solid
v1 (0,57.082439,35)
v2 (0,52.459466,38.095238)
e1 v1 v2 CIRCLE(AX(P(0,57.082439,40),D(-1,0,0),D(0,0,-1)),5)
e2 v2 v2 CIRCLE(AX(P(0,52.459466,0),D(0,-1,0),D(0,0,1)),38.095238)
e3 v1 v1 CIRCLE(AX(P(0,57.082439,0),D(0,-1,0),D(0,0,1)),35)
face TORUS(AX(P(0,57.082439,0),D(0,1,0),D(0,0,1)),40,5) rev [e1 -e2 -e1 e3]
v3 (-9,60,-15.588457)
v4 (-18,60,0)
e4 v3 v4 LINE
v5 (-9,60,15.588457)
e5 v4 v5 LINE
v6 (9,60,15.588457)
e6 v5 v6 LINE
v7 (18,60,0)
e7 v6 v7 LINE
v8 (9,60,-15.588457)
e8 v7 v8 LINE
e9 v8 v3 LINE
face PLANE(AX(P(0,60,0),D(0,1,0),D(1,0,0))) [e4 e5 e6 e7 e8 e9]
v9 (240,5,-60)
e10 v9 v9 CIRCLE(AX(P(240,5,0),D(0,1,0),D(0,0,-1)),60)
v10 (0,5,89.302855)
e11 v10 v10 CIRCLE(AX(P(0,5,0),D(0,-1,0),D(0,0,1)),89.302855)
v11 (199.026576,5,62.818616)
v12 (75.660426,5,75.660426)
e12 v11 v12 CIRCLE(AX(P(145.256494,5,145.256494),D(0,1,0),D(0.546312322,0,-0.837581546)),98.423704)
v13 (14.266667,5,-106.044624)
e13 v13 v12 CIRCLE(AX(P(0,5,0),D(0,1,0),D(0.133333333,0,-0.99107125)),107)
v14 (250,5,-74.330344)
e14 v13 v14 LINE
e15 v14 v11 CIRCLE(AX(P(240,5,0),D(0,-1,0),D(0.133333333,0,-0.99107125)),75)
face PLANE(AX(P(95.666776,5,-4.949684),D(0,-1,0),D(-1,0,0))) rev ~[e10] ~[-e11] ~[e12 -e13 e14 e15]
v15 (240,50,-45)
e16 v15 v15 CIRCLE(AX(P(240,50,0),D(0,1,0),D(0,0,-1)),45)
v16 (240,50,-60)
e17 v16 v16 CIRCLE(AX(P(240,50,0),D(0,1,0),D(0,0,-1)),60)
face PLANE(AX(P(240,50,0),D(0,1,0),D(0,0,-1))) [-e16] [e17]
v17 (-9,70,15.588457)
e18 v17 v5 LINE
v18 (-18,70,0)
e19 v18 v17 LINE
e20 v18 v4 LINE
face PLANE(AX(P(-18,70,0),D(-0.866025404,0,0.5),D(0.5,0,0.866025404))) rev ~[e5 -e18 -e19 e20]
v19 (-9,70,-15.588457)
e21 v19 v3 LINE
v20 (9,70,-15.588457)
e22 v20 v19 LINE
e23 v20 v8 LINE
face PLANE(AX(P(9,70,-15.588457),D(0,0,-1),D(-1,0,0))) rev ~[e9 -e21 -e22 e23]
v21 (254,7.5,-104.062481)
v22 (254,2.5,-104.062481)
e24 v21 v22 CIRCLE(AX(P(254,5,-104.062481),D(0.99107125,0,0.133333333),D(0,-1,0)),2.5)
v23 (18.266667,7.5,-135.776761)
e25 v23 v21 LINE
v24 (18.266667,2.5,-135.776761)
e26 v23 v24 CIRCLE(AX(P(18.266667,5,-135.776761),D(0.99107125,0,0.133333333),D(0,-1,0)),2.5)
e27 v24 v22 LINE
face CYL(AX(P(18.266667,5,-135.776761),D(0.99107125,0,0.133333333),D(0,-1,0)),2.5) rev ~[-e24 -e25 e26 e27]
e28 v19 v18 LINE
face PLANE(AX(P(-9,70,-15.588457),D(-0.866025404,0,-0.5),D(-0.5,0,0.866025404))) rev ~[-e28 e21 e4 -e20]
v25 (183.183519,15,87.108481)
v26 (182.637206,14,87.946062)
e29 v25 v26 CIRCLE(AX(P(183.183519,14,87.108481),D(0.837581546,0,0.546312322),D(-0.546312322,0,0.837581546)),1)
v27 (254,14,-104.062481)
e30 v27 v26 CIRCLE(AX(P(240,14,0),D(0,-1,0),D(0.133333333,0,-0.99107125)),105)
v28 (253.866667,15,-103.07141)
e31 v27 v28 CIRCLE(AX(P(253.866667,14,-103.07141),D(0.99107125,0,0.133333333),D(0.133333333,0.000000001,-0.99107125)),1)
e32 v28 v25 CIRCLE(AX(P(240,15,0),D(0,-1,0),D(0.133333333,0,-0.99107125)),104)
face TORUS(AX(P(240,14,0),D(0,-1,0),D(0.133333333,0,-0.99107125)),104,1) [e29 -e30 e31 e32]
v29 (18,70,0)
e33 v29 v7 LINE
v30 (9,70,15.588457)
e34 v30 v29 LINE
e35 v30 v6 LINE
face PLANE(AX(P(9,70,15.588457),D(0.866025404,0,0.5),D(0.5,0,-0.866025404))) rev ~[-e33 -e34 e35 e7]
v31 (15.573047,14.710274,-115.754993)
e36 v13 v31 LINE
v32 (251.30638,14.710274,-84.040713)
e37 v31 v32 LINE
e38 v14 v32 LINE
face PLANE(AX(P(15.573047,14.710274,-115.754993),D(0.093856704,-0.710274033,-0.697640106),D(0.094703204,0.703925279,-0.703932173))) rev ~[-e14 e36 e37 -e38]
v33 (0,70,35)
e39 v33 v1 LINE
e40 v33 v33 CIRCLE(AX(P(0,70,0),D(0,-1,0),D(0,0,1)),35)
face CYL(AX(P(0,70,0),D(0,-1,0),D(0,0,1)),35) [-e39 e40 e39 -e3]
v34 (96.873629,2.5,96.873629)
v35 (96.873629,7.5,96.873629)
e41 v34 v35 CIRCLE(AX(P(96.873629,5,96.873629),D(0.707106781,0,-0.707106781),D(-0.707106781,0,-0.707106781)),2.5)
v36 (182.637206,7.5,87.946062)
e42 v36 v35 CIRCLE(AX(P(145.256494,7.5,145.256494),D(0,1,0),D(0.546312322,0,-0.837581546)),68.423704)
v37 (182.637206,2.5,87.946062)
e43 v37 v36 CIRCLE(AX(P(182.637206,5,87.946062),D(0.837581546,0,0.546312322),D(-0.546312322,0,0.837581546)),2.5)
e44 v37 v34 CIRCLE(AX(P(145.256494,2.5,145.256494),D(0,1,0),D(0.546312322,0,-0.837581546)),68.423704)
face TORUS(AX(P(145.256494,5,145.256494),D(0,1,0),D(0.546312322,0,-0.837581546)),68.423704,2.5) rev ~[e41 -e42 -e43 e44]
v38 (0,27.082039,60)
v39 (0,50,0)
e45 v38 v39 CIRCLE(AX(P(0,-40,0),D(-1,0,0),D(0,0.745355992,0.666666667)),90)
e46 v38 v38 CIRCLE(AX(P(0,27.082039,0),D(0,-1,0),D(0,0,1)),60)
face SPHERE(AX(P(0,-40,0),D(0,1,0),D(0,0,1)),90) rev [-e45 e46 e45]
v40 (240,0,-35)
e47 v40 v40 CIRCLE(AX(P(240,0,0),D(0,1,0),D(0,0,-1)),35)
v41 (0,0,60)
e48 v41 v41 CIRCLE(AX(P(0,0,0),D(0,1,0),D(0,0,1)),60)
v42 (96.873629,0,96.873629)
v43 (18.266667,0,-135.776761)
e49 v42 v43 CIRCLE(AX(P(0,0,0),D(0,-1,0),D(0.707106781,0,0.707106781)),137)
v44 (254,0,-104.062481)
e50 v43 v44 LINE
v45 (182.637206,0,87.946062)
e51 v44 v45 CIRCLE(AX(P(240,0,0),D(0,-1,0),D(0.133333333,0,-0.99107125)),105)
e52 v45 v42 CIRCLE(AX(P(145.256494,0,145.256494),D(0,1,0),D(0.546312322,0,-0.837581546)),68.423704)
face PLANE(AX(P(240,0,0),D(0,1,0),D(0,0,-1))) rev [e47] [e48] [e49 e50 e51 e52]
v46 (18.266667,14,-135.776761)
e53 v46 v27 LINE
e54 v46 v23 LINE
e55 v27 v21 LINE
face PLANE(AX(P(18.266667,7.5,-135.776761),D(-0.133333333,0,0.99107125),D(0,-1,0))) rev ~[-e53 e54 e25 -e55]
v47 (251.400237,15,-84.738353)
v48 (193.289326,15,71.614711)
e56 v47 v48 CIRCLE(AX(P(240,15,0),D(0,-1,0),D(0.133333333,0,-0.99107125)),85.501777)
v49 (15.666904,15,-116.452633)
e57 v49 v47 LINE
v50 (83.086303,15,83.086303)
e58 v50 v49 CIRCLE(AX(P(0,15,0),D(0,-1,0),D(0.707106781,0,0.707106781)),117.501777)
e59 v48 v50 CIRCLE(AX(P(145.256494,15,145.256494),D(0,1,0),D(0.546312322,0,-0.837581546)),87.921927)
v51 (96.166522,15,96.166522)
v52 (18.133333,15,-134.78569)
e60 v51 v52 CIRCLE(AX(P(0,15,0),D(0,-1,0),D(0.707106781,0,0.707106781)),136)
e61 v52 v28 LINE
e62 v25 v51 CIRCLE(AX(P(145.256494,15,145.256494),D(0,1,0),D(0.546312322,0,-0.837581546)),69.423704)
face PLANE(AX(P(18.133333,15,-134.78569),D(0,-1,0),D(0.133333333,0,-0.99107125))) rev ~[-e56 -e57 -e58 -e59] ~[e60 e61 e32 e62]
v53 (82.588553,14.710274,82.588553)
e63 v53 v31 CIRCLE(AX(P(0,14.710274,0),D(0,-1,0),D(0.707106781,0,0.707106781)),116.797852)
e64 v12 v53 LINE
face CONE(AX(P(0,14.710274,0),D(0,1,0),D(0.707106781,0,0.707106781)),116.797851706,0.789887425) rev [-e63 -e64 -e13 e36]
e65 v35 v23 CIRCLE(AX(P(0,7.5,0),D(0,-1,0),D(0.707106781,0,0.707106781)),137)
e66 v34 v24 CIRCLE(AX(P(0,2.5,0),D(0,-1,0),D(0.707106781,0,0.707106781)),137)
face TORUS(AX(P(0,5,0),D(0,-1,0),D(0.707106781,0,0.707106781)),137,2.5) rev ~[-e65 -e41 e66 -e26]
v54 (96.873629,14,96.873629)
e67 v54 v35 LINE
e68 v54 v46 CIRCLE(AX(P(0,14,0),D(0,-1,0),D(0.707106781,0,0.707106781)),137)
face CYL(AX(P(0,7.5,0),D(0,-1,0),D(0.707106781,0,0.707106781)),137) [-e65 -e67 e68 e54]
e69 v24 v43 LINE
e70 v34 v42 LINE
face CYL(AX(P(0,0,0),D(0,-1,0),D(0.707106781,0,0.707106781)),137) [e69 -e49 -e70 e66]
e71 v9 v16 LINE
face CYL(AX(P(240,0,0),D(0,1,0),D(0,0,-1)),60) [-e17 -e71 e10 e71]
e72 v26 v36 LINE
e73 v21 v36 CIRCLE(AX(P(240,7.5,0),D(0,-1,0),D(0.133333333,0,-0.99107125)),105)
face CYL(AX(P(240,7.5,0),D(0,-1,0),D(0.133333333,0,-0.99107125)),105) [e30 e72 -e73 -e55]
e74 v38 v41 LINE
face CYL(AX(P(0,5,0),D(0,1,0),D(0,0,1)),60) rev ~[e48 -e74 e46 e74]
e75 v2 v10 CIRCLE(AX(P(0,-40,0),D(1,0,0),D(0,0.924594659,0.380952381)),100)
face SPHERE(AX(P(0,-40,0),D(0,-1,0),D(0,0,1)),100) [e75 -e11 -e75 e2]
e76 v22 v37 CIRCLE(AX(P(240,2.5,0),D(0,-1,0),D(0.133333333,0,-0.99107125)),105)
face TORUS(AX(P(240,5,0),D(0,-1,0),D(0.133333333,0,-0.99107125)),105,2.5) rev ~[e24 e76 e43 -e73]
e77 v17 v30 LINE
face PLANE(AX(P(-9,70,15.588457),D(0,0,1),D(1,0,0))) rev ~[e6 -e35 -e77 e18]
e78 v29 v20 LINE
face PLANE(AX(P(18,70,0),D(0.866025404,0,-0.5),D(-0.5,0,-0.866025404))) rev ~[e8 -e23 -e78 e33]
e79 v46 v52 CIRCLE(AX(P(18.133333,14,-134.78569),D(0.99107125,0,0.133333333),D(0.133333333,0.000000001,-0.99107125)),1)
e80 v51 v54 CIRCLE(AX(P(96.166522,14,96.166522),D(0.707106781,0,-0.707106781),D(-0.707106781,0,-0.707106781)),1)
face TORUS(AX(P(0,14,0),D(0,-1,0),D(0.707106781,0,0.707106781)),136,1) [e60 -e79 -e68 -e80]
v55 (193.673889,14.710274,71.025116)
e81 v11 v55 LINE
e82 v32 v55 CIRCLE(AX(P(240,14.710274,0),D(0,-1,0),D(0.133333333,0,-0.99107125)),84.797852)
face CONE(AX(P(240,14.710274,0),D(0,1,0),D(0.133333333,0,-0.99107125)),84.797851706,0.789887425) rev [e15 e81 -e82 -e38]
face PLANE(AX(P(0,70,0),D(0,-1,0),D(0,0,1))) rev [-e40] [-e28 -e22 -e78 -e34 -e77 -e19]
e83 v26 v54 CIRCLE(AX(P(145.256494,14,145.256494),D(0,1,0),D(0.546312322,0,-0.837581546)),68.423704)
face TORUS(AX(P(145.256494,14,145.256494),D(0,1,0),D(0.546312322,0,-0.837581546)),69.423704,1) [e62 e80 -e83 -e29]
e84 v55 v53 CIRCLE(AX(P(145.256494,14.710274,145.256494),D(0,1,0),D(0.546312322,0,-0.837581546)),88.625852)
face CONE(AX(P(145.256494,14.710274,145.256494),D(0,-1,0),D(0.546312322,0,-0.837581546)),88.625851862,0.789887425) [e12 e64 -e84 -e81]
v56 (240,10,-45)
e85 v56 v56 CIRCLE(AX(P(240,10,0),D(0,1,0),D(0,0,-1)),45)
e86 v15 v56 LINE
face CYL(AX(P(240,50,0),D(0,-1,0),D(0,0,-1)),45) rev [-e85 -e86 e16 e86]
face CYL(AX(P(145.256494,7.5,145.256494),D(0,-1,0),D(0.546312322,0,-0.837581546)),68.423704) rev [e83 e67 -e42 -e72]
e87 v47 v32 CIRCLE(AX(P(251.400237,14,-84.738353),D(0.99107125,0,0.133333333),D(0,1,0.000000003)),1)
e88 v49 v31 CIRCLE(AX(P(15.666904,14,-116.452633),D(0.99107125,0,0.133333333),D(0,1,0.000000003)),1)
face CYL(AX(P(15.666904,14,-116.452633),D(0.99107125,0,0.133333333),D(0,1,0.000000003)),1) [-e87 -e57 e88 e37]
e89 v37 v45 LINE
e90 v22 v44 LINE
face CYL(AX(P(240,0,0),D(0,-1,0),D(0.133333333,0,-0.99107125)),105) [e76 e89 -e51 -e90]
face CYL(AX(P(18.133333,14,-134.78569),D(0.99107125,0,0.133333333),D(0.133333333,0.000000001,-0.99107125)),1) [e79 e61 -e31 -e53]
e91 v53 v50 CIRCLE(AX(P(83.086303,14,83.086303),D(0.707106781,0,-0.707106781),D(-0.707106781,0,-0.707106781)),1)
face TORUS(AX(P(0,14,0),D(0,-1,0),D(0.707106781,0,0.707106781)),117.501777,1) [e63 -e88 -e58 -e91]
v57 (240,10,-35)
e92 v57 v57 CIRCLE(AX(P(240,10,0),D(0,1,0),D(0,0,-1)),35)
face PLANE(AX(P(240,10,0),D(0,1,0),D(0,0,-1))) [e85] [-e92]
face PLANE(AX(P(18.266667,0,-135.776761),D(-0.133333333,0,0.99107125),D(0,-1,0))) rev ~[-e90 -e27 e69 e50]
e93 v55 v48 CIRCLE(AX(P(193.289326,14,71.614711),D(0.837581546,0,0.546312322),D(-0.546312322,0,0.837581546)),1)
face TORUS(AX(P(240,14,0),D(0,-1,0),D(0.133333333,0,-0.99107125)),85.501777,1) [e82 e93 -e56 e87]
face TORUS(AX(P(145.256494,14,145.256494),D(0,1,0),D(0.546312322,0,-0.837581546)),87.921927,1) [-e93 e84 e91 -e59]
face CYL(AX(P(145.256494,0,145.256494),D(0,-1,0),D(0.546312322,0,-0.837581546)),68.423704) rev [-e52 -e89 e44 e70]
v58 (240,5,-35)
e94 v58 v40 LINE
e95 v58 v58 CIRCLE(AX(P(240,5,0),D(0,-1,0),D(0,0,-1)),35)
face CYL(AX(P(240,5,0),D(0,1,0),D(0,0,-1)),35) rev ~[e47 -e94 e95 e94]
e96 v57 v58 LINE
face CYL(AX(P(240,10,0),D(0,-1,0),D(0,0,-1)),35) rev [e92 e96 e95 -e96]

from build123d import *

# Parameters (mm, degrees)
BOSS_EXTRUDE1_START = 5
BOSS_EXTRUDE1_DEPTH = 5
CUT_EXTRUDE1_REACH  = 378.854
SKETCH5_R           = 60
CUT_EXTRUDE2_DEPTH  = 10
SKETCH10_R          = 35
CUT_EXTRUDE3_DEPTH  = 377.854083295


with BuildPart() as part:
    # Sweep1: sweep along a path in Sketch1
    with BuildLine(Plane(origin=(0, 0, 0), x_dir=(1, 0, 0), z_dir=(0, 1, 0))) as sweep1_path:
        Line((18.266666667, 135.776761226), (254, 104.062481231))
        ThreePointArc((254, 104.062481231), (338.422066507, -36.580005802), (182.637206187, -87.946062367))
        ThreePointArc((182.637206187, -87.946062367), (138.172201254, -77.200516784), (96.873629023, -96.873629023))
        ThreePointArc((96.873629023, -96.873629023), (-129.791652056, -43.853472571), (18.266666667, 135.776761226))
    # Sketch2 → Sweep1 (sweep)
    with BuildSketch(Plane.XY):
        with BuildLine():
            Line((-136, 15), (-117.501776985, 15))
            ThreePointArc((-117.501776985, 15), (-117.121168284, 14.924736187), (-116.797851706, 14.710274033))
            Line((-116.797851706, 14.710274033), (-107, 5))
            Line((-107, 5), (-107, 0))
            Line((-107, 0), (-137, 0))
            Line((-137, 0), (-137, 2.5))
            ThreePointArc((-137, 2.5), (-134.5, 5), (-137, 7.5))
            Line((-137, 7.5), (-137, 14))
            ThreePointArc((-137, 14), (-136.707106781, 14.707106781), (-136, 15))
        make_face()
    sweep(path=sweep1_path.line)

    # Sketch3 → Boss-Extrude1 (add)
    with BuildSketch(Plane(origin=(0, 0, 0), x_dir=(1, 0, 0), z_dir=(0, 1, 0)).offset(BOSS_EXTRUDE1_START)):
        with BuildLine():
            Line((14.266666667, 106.044623731), (250, 74.330343737))
            ThreePointArc((250, 74.330343737), (310.301476077, -26.128575573), (199.026575848, -62.818615977))
            ThreePointArc((199.026575848, -62.818615977), (135.066131785, -47.361744482), (75.660425587, -75.660425587))
            ThreePointArc((75.660425587, -75.660425587), (-40.947127263, -98.855109979), (-107, 0))
            ThreePointArc((-107, 0), (-70.436022981, 80.54667384), (14.266666667, 106.044623731))
        make_face()
    extrude(amount=-BOSS_EXTRUDE1_DEPTH)

    # Sketch4 → Revolve1 (revolve)
    with BuildSketch(Plane(origin=(0, 0, 0), x_dir=(0, 0, -1), z_dir=(1, 0, 0)), mode=Mode.PRIVATE) as revolve1_sk:
        with BuildLine():
            Line((60, 0), (60, 27.082039325))
            ThreePointArc((60, 27.082039325), (32.11398808, 44.075512307), (0, 50))
            Line((0, 50), (0, 70))
            Line((0, 70), (35, 70))
            Line((35, 70), (35, 57.082439195))
            ThreePointArc((35, 57.082439195), (35.845255151, 54.300695993), (38.095238095, 52.4594659))
            ThreePointArc((38.095238095, 52.4594659), (69.975379984, 31.43840841), (91.651513899, 0))
            Line((91.651513899, 0), (60, 0))
        make_face()
    revolve(revolve1_sk.sketch.rotate(Axis((0, 70, 0), (0, -1, 0)), 180), axis=Axis((0, 70, 0), (0, -1, 0)))

    # Sketch5 → Cut-Extrude1 (cut, up to next)
    with BuildSketch(Plane(origin=(0, 5, 0), x_dir=(1, 0, 0), z_dir=(0, 1, 0)), mode=Mode.PRIVATE) as cut_extrude1_sk1:
        with Locations(Location((0, 0, 0), (0, 0, 270))):
            Circle(SKETCH5_R)
    cut_extrude1_tool1 = extrude(cut_extrude1_sk1.sketch, amount=-CUT_EXTRUDE1_REACH, mode=Mode.PRIVATE) & part.part
    add(cut_extrude1_tool1.solids().sort_by_distance((0, 5, 0))[0], mode=Mode.SUBTRACT)

    # Sketch6 → Cut-Extrude2 (cut)
    with BuildSketch(Plane(origin=(0, 70, 0), x_dir=(1, 0, 0), z_dir=(0, 1, 0))):
        Polygon((-18, 0), (-9, -15.588457268), (9, -15.588457268), (18, 0), (9, 15.588457268), (-9, 15.588457268), align=None)
    extrude(amount=-CUT_EXTRUDE2_DEPTH, mode=Mode.SUBTRACT)

    # Sketch8 → Revolve2 (revolve)
    with BuildSketch(Plane(origin=(240, 0, 0), x_dir=(0, 0, -1), z_dir=(1, 0, 0))):
        Polygon((60, 0), (60, 50), (45, 50), (45, 10), (35, 10), (35, 0), align=None)
    revolve(axis=Axis((240, 0, 0), (0, 1, 0)))

    # Sketch10 → Cut-Extrude3 (cut, through all)
    with BuildSketch(Plane(origin=(0, 5, 0), x_dir=(1, 0, 0), z_dir=(0, 1, 0))):
        with Locations(Location((240, 0, 0), (0, 0, 90))):
            Circle(SKETCH10_R)
    extrude(amount=-CUT_EXTRUDE3_DEPTH, mode=Mode.SUBTRACT)


solid = part.part
